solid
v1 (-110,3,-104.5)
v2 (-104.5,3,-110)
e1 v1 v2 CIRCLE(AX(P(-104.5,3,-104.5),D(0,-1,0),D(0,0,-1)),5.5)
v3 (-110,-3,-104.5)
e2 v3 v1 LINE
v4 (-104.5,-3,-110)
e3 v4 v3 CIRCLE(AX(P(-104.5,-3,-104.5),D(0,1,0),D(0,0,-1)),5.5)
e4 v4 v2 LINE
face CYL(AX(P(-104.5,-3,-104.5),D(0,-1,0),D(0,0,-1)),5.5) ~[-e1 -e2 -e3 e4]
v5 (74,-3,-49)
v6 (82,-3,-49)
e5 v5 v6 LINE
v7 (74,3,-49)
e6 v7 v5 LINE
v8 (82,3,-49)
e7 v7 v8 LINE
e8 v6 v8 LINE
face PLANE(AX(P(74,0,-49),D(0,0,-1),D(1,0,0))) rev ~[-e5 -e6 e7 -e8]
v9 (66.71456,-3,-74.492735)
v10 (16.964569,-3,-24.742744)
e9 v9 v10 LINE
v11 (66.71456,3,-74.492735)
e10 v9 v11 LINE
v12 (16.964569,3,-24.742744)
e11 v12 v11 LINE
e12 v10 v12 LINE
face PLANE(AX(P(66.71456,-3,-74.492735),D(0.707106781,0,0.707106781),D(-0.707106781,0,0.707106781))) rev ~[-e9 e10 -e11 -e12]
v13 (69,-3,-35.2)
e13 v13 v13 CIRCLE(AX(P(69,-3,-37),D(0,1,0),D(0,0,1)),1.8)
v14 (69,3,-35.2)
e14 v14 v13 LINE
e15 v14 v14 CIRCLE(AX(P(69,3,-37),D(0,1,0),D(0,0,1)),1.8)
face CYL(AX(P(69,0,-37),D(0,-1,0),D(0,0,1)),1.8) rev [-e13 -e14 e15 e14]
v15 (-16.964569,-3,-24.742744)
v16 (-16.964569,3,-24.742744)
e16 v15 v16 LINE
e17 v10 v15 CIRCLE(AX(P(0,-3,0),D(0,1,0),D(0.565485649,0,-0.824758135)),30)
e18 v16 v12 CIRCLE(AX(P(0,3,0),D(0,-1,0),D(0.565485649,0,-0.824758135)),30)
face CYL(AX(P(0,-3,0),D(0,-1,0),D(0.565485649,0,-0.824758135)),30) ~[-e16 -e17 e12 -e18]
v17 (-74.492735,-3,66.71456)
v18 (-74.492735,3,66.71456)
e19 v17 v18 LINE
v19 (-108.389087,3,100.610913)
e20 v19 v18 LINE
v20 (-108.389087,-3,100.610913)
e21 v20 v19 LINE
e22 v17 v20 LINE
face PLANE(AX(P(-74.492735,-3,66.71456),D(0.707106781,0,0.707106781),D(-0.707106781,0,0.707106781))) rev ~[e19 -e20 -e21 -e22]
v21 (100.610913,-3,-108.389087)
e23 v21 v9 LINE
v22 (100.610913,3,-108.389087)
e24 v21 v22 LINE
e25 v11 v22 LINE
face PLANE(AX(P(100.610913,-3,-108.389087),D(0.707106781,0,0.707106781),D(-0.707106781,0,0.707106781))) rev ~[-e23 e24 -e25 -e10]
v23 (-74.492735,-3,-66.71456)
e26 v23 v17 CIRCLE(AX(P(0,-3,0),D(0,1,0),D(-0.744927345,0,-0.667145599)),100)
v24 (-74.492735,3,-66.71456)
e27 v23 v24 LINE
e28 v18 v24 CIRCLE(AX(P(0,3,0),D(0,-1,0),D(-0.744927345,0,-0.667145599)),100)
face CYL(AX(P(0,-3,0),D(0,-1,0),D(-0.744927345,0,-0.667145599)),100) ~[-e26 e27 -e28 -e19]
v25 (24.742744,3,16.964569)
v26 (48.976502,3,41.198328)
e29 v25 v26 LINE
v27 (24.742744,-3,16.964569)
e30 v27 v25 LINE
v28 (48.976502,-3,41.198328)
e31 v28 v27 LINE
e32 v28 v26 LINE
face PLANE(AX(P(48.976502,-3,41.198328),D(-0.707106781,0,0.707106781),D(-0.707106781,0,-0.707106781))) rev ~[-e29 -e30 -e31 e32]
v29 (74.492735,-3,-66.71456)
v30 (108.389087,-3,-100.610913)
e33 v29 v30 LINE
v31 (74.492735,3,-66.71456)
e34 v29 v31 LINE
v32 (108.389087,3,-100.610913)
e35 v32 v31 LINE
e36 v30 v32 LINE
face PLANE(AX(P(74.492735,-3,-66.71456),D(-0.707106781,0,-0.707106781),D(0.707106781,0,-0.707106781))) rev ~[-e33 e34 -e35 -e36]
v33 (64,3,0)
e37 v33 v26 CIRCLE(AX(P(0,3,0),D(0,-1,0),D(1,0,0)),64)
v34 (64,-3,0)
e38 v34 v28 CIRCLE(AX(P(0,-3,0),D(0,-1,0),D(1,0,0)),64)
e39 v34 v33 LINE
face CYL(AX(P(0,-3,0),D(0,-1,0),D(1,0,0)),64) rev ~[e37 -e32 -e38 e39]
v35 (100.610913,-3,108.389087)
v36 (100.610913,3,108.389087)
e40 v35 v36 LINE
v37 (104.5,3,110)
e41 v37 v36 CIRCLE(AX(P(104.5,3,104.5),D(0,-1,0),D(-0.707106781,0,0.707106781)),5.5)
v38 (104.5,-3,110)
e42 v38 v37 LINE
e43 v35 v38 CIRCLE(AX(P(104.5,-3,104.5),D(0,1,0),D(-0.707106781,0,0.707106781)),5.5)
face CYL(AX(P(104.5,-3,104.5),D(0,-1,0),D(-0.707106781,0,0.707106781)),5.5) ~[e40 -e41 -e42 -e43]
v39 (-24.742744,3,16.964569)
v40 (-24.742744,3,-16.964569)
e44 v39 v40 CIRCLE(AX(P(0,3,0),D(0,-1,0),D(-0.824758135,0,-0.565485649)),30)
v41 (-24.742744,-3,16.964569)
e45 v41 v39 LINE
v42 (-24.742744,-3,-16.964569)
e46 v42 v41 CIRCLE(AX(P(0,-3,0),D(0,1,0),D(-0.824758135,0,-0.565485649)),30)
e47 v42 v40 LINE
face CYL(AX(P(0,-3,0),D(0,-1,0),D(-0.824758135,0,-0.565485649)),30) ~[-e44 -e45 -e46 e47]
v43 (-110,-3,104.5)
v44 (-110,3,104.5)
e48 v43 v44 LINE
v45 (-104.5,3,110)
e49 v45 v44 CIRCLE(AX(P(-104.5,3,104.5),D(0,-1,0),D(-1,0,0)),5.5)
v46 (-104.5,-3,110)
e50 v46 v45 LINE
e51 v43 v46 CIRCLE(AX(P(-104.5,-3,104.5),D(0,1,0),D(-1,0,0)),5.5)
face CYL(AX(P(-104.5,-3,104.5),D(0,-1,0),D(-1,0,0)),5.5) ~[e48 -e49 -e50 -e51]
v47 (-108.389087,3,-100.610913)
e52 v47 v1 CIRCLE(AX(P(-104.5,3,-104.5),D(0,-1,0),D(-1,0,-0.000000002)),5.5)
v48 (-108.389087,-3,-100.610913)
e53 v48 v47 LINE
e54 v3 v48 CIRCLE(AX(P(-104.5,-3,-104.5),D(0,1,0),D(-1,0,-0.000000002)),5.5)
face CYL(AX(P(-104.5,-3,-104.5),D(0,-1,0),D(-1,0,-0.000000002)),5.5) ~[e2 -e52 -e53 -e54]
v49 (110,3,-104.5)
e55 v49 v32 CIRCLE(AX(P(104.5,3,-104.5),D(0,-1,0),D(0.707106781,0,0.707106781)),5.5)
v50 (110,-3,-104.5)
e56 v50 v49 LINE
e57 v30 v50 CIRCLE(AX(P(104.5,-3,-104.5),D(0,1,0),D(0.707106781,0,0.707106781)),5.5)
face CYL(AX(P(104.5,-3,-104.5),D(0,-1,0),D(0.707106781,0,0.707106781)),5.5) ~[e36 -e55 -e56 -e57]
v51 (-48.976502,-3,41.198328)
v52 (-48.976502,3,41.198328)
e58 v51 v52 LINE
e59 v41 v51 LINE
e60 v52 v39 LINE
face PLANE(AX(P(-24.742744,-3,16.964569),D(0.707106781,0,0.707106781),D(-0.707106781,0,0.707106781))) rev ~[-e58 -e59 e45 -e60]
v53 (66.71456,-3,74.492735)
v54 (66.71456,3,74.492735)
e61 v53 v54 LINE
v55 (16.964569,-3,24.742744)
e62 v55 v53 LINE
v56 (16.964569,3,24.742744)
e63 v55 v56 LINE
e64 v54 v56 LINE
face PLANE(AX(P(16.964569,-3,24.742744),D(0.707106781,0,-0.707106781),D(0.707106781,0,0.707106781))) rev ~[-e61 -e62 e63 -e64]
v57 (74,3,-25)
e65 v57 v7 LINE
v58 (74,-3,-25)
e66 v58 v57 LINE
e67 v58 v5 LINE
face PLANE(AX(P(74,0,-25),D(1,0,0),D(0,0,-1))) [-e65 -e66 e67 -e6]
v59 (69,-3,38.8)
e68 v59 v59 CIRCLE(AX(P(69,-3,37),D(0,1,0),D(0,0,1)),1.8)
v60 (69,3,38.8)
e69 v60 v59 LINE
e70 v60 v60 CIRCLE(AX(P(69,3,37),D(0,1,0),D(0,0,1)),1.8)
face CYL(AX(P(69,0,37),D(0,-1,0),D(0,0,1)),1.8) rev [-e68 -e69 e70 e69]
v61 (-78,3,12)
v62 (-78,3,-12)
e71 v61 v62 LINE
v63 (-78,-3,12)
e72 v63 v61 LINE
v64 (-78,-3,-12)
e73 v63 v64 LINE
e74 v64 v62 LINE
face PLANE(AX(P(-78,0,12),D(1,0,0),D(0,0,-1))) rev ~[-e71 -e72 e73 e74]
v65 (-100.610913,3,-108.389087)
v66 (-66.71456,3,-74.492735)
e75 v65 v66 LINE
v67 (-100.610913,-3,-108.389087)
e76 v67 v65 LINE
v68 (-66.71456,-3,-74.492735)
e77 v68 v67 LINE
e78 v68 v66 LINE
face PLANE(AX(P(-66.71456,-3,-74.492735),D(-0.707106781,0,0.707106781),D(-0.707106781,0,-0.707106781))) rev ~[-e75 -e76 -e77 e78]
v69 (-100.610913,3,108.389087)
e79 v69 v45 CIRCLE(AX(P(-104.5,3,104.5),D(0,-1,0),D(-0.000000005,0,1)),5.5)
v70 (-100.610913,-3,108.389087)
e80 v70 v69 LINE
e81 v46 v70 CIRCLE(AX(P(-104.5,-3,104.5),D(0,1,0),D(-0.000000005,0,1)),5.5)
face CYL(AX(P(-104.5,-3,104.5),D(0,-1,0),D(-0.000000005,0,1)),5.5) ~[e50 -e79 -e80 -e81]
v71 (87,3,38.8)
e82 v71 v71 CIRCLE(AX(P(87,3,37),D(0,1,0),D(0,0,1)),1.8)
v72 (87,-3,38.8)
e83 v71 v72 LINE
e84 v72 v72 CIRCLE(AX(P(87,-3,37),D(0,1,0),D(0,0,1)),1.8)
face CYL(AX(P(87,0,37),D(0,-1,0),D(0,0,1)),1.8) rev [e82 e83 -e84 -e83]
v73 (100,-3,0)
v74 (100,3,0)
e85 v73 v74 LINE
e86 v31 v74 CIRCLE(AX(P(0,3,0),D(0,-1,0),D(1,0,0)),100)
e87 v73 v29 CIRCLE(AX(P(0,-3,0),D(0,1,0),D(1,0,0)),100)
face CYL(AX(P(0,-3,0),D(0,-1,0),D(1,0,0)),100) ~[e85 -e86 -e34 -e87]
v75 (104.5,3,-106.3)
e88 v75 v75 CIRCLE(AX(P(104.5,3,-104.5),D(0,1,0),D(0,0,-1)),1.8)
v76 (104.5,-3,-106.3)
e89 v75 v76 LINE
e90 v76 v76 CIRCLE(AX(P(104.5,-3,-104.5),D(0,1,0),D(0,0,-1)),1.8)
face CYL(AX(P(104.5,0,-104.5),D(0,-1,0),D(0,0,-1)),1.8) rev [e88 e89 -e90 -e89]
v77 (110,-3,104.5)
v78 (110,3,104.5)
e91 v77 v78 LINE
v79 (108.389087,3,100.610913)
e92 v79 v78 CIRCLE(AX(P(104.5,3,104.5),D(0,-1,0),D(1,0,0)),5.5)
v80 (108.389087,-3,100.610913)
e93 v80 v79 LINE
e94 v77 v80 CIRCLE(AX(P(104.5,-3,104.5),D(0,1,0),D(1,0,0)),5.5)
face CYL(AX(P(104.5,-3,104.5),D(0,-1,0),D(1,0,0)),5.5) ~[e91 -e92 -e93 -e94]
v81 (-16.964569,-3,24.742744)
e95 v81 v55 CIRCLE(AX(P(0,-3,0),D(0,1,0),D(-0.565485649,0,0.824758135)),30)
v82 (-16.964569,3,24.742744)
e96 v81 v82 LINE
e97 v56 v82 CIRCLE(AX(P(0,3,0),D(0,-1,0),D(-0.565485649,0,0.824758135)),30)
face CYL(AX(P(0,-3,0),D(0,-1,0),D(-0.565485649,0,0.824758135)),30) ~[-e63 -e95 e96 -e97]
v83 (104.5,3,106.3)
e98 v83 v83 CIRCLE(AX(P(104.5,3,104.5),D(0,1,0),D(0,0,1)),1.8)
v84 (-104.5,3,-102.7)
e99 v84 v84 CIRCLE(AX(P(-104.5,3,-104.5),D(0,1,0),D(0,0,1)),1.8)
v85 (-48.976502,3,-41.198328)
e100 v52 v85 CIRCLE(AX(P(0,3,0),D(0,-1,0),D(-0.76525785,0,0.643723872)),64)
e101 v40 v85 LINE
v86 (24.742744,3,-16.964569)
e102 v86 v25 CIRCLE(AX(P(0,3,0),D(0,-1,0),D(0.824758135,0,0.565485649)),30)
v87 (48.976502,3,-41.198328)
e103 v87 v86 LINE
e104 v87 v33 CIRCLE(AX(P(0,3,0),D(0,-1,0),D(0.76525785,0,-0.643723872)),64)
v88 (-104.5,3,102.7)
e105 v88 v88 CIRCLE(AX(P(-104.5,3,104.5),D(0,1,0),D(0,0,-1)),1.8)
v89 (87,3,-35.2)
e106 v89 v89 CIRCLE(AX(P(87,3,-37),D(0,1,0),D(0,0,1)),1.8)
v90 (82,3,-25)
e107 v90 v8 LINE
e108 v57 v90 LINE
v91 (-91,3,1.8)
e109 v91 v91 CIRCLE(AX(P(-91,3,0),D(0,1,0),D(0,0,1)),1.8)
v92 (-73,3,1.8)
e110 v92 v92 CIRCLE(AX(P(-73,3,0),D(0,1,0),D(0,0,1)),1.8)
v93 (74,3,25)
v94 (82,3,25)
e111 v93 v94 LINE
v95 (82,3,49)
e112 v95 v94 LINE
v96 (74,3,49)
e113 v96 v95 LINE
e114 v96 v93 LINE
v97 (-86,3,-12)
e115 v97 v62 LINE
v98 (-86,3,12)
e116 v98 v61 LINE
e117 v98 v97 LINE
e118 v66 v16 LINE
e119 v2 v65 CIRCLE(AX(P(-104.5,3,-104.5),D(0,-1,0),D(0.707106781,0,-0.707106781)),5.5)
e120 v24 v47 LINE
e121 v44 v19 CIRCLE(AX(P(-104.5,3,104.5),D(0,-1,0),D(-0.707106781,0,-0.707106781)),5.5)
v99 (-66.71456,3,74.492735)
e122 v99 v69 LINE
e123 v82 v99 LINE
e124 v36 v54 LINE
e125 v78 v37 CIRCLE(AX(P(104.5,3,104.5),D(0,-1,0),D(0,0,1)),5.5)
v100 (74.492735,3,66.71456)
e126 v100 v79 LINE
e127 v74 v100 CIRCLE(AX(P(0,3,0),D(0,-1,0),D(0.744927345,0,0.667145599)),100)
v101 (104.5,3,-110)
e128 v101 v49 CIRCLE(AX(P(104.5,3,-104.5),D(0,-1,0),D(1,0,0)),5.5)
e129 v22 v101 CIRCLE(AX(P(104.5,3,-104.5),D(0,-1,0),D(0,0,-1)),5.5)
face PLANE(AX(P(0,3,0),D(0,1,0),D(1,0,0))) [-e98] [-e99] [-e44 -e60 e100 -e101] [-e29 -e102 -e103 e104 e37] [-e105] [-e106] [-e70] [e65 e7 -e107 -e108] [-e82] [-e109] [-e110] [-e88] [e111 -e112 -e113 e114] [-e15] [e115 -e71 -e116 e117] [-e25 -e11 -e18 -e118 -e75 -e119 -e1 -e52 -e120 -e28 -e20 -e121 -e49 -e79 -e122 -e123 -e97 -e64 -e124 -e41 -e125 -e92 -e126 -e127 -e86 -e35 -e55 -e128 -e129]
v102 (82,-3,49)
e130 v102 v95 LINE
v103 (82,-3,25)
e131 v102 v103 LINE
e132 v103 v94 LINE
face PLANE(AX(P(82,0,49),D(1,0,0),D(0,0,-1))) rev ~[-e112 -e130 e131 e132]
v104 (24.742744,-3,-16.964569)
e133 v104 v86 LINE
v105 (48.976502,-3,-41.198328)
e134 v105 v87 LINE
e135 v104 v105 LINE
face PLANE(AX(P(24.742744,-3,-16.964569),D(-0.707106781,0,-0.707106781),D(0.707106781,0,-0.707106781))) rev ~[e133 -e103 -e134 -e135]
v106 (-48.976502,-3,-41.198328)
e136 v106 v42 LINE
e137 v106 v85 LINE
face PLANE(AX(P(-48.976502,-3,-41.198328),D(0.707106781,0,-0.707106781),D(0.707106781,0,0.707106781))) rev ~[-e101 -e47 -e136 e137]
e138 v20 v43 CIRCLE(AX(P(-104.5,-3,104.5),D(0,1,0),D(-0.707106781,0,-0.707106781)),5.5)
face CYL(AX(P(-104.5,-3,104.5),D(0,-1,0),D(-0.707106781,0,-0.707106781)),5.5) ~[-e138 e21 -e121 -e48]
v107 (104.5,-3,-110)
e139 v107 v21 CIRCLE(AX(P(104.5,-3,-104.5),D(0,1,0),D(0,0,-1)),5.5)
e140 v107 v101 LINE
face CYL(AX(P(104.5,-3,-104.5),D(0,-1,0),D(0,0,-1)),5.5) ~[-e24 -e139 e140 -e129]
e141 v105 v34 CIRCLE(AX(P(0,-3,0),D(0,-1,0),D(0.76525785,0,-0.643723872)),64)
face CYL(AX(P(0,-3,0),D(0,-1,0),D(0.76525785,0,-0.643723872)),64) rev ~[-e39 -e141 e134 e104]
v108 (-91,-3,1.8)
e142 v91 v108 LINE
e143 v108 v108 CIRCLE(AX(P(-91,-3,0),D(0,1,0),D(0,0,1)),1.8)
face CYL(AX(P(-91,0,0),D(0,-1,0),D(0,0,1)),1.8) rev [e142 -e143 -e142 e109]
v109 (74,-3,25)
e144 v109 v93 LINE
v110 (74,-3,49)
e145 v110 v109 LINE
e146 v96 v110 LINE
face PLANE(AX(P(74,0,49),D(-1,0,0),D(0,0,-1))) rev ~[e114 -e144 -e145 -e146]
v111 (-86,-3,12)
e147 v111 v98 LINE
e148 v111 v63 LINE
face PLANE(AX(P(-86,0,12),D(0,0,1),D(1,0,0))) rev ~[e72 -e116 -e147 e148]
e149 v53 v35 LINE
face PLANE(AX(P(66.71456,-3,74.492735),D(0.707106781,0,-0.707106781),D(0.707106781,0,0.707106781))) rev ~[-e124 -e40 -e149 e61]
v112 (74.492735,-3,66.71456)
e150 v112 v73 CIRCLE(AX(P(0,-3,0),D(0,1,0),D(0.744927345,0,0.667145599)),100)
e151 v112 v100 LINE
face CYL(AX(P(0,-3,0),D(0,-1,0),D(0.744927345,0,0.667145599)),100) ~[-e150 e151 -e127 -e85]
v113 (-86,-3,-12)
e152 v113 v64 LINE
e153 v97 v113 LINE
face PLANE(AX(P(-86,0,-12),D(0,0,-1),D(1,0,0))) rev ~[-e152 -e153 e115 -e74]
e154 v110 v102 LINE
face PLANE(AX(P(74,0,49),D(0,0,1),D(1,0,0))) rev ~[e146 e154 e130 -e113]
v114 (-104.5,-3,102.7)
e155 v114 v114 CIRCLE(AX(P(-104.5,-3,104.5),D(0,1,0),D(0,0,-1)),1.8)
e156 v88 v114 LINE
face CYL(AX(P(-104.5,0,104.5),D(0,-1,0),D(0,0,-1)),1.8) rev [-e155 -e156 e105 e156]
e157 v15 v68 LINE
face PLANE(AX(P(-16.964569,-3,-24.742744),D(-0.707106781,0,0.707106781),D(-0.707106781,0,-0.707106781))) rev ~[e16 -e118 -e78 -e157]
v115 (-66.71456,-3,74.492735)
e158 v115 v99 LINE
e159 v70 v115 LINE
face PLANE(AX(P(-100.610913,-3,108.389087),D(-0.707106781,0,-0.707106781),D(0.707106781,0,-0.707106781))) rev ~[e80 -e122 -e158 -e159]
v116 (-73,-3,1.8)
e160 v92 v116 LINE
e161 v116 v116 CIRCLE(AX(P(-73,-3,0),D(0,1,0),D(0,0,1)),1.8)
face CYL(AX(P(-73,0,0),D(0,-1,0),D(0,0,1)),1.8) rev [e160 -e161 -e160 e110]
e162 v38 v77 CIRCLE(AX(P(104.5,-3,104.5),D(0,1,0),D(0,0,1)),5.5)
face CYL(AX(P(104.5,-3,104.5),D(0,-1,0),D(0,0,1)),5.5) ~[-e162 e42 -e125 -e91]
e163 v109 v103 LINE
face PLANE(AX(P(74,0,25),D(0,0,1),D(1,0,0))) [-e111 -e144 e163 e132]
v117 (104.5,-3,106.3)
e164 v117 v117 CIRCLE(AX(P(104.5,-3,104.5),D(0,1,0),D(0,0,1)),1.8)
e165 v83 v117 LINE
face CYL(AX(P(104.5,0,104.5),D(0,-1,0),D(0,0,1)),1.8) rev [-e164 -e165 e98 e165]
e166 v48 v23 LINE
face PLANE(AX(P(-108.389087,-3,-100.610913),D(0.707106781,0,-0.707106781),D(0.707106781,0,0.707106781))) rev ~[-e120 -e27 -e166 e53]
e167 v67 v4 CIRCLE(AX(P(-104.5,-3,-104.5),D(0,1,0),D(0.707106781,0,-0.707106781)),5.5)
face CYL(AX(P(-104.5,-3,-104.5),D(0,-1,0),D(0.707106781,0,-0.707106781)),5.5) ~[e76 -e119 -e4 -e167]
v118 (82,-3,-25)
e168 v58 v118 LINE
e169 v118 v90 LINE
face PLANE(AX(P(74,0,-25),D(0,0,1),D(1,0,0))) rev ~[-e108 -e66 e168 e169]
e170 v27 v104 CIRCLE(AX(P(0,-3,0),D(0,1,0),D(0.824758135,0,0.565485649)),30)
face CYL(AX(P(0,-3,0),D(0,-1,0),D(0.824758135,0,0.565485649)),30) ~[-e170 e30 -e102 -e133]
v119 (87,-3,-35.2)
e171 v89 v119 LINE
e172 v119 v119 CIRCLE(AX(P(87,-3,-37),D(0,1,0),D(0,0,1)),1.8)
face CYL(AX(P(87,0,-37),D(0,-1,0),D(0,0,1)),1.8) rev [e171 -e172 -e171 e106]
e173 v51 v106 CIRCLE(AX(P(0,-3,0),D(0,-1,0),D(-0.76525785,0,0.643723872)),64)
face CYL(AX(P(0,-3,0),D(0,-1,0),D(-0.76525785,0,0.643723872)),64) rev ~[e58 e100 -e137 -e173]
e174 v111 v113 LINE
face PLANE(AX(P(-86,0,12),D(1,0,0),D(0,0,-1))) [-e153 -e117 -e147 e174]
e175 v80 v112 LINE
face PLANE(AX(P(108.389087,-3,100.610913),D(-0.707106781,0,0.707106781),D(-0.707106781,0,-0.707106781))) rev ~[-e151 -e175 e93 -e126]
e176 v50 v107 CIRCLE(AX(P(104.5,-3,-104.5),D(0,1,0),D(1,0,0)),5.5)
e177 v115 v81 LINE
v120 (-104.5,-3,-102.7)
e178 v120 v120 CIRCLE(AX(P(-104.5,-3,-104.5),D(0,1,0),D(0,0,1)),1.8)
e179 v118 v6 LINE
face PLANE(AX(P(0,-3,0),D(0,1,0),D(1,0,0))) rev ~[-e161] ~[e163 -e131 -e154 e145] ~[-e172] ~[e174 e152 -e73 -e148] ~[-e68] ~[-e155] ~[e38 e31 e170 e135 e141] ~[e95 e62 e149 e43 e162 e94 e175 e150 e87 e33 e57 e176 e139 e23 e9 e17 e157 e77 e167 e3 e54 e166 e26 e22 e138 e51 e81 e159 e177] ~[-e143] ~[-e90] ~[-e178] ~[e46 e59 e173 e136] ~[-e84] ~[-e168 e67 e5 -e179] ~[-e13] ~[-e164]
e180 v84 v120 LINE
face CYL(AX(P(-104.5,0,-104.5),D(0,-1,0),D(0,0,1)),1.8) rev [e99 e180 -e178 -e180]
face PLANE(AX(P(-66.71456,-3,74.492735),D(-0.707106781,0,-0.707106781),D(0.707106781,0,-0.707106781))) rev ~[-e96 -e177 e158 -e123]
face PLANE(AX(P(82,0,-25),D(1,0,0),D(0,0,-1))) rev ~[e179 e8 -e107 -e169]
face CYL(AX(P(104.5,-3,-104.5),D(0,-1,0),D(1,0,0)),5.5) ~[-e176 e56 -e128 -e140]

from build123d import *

# Parameters (mm, degrees)
SKETCH1_W           = 220
SKETCH1_H           = 220
SKETCH1_R           = 1.8
SKETCH1_W_2         = 8
SKETCH1_H_2         = 24
BOSS_EXTRUDE1_DEPTH = 3
CUT_EXTRUDE1_DEPTH  = 10


with BuildPart() as part:
    # Sketch1 → Boss-Extrude1 (new, symmetric)
    with BuildSketch(Plane(origin=(0, 0, 0), x_dir=(1, 0, 0), z_dir=(0, 1, 0))):
        Rectangle(SKETCH1_W, SKETCH1_H)
        with Locations(Location((-104.5, 104.5, 0), (0, 0, 270))):
            Circle(SKETCH1_R, mode=Mode.SUBTRACT)
        with Locations(Location((104.5, 104.5, 0), (0, 0, 90))):
            Circle(SKETCH1_R, mode=Mode.SUBTRACT)
        with Locations(Location((104.5, -104.5, 0), (0, 0, 270))):
            Circle(SKETCH1_R, mode=Mode.SUBTRACT)
        with Locations(Location((-104.5, -104.5, 0), (0, 0, 90))):
            Circle(SKETCH1_R, mode=Mode.SUBTRACT)
        with Locations(Location((-73, 0, 0), (0, 0, 270))):
            Circle(SKETCH1_R, mode=Mode.SUBTRACT)
        with Locations(Location((-91, 0, 0), (0, 0, 270))):
            Circle(SKETCH1_R, mode=Mode.SUBTRACT)
        with Locations(Location((87, 37, 0), (0, 0, 270))):
            Circle(SKETCH1_R, mode=Mode.SUBTRACT)
        with Locations(Location((69, 37, 0), (0, 0, 270))):
            Circle(SKETCH1_R, mode=Mode.SUBTRACT)
        with Locations(Location((87, -37, 0), (0, 0, 270))):
            Circle(SKETCH1_R, mode=Mode.SUBTRACT)
        with Locations(Location((69, -37, 0), (0, 0, 270))):
            Circle(SKETCH1_R, mode=Mode.SUBTRACT)
        with Locations((-82, 0)):
            Rectangle(SKETCH1_W_2, SKETCH1_H_2, mode=Mode.SUBTRACT)
        with Locations((78, 37)):
            Rectangle(SKETCH1_W_2, SKETCH1_H_2, mode=Mode.SUBTRACT)
        with Locations((78, -37)):
            Rectangle(SKETCH1_W_2, SKETCH1_H_2, mode=Mode.SUBTRACT)
    extrude(amount=BOSS_EXTRUDE1_DEPTH, both=True)

    # Sketch2 → Cut-Extrude1 (cut)
    with BuildSketch(Plane.XZ.offset(3)):
        with BuildLine():
            ThreePointArc((-108.389087297, 100.610912703), (-109.581337429, 102.395241122), (-110, 104.5))
            Line((-110, 104.5), (-110, -104.50000001))
            ThreePointArc((-110, -104.50000001), (-109.581337431, -102.395241127), (-108.389087297, -100.610912703))
            Line((-108.389087297, -100.610912703), (-74.492734511, -66.714559918))
            ThreePointArc((-74.492734511, -66.714559918), (-100, 0), (-74.492734511, 66.714559918))
            Line((-74.492734511, 66.714559918), (-108.389087297, 100.610912703))
        make_face()
        with BuildLine():
            Line((-24.74274405, 16.964569457), (-48.976502392, 41.198327799))
            ThreePointArc((-48.976502392, 41.198327799), (-64, 0), (-48.976502392, -41.198327799))
            Line((-48.976502392, -41.198327799), (-24.74274405, -16.964569457))
            ThreePointArc((-24.74274405, -16.964569457), (-30, 0), (-24.74274405, 16.964569457))
        make_face()
        with BuildLine():
            ThreePointArc((64, 0), (60.126933038, 21.926055812), (48.976502392, 41.198327799))
            Line((48.976502392, 41.198327799), (24.74274405, 16.964569457))
            ThreePointArc((24.74274405, 16.964569457), (28.65556073, 8.880249954), (30, 0))
            ThreePointArc((30, 0), (28.65556073, -8.880249954), (24.74274405, -16.964569457))
            Line((24.74274405, -16.964569457), (48.976502392, -41.198327799))
            ThreePointArc((48.976502392, -41.198327799), (60.126933038, -21.926055812), (64, 0))
        make_face()
        with BuildLine():
            Line((110, -104.5), (110, 104.5))
            ThreePointArc((110, 104.5), (109.581337429, 102.395241122), (108.389087297, 100.610912703))
            Line((108.389087297, 100.610912703), (74.492734511, 66.714559918))
            ThreePointArc((74.492734511, 66.714559918), (93.405763878, 35.71222864), (100, 0))
            ThreePointArc((100, 0), (93.405763878, -35.71222864), (74.492734511, -66.714559918))
            Line((74.492734511, -66.714559918), (108.389087297, -100.610912703))
            ThreePointArc((108.389087297, -100.610912703), (109.581337429, -102.395241122), (110, -104.5))
        make_face()
        with BuildLine():
            Line((-104.500000026, 110), (-110, 110))
            Line((-110, 110), (-110, 104.5))
            ThreePointArc((-110, 104.5), (-108.389087306, 108.389087287), (-104.500000026, 110))
        make_face()
        with BuildLine():
            ThreePointArc((-104.5, -110), (-108.389087293, -108.3890873), (-110, -104.50000001))
            Line((-110, -104.50000001), (-110, -110))
            Line((-110, -110), (-104.5, -110))
        make_face()
        with BuildLine():
            Line((110, -110), (110, -104.5))
            ThreePointArc((110, -104.5), (108.389087297, -108.389087297), (104.5, -110))
            Line((104.5, -110), (110, -110))
        make_face()
        with BuildLine():
            Line((110, 110), (104.5, 110))
            ThreePointArc((104.5, 110), (108.389087297, 108.389087297), (110, 104.5))
            Line((110, 104.5), (110, 110))
        make_face()
        with BuildLine():
            ThreePointArc((41.198327799, 48.976502392), (0, 64), (-41.198327799, 48.976502392))
            Line((-41.198327799, 48.976502392), (-16.964569457, 24.74274405))
            ThreePointArc((-16.964569457, 24.74274405), (0, 30), (16.964569457, 24.74274405))
            Line((16.964569457, 24.74274405), (41.198327799, 48.976502392))
        make_face()
        with BuildLine():
            ThreePointArc((66.714559918, 74.492734511), (0, 100), (-66.714559918, 74.492734511))
            Line((-66.714559918, 74.492734511), (-41.198327799, 48.976502392))
            ThreePointArc((-41.198327799, 48.976502392), (0, 64), (41.198327799, 48.976502392))
            Line((41.198327799, 48.976502392), (66.714559918, 74.492734511))
        make_face()
        with BuildLine():
            Line((104.5, 110), (-104.500000026, 110))
            ThreePointArc((-104.500000026, 110), (-102.395241134, 109.581337434), (-100.610912703, 108.389087297))
            Line((-100.610912703, 108.389087297), (-66.714559918, 74.492734511))
            ThreePointArc((-66.714559918, 74.492734511), (0, 100), (66.714559918, 74.492734511))
            Line((66.714559918, 74.492734511), (100.610912703, 108.389087297))
            ThreePointArc((100.610912703, 108.389087297), (102.395241122, 109.581337429), (104.5, 110))
        make_face()
        with BuildLine():
            ThreePointArc((-100.610912703, -108.389087297), (-102.395241122, -109.581337429), (-104.5, -110))
            Line((-104.5, -110), (104.5, -110))
            ThreePointArc((104.5, -110), (102.395241122, -109.581337429), (100.610912703, -108.389087297))
            Line((100.610912703, -108.389087297), (66.714559918, -74.492734511))
            ThreePointArc((66.714559918, -74.492734511), (0, -100), (-66.714559918, -74.492734511))
            Line((-66.714559918, -74.492734511), (-100.610912703, -108.389087297))
        make_face()
        with BuildLine():
            Line((-41.198327799, -48.976502392), (-66.714559918, -74.492734511))
            ThreePointArc((-66.714559918, -74.492734511), (0, -100), (66.714559918, -74.492734511))
            Line((66.714559918, -74.492734511), (41.198327799, -48.976502392))
            ThreePointArc((41.198327799, -48.976502392), (0, -64), (-41.198327799, -48.976502392))
        make_face()
        with BuildLine():
            Line((-16.964569457, -24.74274405), (-41.198327799, -48.976502392))
            ThreePointArc((-41.198327799, -48.976502392), (0, -64), (41.198327799, -48.976502392))
            Line((41.198327799, -48.976502392), (16.964569457, -24.74274405))
            ThreePointArc((16.964569457, -24.74274405), (0, -30), (-16.964569457, -24.74274405))
        make_face()
    extrude(amount=-CUT_EXTRUDE1_DEPTH, mode=Mode.SUBTRACT)


solid = part.part
